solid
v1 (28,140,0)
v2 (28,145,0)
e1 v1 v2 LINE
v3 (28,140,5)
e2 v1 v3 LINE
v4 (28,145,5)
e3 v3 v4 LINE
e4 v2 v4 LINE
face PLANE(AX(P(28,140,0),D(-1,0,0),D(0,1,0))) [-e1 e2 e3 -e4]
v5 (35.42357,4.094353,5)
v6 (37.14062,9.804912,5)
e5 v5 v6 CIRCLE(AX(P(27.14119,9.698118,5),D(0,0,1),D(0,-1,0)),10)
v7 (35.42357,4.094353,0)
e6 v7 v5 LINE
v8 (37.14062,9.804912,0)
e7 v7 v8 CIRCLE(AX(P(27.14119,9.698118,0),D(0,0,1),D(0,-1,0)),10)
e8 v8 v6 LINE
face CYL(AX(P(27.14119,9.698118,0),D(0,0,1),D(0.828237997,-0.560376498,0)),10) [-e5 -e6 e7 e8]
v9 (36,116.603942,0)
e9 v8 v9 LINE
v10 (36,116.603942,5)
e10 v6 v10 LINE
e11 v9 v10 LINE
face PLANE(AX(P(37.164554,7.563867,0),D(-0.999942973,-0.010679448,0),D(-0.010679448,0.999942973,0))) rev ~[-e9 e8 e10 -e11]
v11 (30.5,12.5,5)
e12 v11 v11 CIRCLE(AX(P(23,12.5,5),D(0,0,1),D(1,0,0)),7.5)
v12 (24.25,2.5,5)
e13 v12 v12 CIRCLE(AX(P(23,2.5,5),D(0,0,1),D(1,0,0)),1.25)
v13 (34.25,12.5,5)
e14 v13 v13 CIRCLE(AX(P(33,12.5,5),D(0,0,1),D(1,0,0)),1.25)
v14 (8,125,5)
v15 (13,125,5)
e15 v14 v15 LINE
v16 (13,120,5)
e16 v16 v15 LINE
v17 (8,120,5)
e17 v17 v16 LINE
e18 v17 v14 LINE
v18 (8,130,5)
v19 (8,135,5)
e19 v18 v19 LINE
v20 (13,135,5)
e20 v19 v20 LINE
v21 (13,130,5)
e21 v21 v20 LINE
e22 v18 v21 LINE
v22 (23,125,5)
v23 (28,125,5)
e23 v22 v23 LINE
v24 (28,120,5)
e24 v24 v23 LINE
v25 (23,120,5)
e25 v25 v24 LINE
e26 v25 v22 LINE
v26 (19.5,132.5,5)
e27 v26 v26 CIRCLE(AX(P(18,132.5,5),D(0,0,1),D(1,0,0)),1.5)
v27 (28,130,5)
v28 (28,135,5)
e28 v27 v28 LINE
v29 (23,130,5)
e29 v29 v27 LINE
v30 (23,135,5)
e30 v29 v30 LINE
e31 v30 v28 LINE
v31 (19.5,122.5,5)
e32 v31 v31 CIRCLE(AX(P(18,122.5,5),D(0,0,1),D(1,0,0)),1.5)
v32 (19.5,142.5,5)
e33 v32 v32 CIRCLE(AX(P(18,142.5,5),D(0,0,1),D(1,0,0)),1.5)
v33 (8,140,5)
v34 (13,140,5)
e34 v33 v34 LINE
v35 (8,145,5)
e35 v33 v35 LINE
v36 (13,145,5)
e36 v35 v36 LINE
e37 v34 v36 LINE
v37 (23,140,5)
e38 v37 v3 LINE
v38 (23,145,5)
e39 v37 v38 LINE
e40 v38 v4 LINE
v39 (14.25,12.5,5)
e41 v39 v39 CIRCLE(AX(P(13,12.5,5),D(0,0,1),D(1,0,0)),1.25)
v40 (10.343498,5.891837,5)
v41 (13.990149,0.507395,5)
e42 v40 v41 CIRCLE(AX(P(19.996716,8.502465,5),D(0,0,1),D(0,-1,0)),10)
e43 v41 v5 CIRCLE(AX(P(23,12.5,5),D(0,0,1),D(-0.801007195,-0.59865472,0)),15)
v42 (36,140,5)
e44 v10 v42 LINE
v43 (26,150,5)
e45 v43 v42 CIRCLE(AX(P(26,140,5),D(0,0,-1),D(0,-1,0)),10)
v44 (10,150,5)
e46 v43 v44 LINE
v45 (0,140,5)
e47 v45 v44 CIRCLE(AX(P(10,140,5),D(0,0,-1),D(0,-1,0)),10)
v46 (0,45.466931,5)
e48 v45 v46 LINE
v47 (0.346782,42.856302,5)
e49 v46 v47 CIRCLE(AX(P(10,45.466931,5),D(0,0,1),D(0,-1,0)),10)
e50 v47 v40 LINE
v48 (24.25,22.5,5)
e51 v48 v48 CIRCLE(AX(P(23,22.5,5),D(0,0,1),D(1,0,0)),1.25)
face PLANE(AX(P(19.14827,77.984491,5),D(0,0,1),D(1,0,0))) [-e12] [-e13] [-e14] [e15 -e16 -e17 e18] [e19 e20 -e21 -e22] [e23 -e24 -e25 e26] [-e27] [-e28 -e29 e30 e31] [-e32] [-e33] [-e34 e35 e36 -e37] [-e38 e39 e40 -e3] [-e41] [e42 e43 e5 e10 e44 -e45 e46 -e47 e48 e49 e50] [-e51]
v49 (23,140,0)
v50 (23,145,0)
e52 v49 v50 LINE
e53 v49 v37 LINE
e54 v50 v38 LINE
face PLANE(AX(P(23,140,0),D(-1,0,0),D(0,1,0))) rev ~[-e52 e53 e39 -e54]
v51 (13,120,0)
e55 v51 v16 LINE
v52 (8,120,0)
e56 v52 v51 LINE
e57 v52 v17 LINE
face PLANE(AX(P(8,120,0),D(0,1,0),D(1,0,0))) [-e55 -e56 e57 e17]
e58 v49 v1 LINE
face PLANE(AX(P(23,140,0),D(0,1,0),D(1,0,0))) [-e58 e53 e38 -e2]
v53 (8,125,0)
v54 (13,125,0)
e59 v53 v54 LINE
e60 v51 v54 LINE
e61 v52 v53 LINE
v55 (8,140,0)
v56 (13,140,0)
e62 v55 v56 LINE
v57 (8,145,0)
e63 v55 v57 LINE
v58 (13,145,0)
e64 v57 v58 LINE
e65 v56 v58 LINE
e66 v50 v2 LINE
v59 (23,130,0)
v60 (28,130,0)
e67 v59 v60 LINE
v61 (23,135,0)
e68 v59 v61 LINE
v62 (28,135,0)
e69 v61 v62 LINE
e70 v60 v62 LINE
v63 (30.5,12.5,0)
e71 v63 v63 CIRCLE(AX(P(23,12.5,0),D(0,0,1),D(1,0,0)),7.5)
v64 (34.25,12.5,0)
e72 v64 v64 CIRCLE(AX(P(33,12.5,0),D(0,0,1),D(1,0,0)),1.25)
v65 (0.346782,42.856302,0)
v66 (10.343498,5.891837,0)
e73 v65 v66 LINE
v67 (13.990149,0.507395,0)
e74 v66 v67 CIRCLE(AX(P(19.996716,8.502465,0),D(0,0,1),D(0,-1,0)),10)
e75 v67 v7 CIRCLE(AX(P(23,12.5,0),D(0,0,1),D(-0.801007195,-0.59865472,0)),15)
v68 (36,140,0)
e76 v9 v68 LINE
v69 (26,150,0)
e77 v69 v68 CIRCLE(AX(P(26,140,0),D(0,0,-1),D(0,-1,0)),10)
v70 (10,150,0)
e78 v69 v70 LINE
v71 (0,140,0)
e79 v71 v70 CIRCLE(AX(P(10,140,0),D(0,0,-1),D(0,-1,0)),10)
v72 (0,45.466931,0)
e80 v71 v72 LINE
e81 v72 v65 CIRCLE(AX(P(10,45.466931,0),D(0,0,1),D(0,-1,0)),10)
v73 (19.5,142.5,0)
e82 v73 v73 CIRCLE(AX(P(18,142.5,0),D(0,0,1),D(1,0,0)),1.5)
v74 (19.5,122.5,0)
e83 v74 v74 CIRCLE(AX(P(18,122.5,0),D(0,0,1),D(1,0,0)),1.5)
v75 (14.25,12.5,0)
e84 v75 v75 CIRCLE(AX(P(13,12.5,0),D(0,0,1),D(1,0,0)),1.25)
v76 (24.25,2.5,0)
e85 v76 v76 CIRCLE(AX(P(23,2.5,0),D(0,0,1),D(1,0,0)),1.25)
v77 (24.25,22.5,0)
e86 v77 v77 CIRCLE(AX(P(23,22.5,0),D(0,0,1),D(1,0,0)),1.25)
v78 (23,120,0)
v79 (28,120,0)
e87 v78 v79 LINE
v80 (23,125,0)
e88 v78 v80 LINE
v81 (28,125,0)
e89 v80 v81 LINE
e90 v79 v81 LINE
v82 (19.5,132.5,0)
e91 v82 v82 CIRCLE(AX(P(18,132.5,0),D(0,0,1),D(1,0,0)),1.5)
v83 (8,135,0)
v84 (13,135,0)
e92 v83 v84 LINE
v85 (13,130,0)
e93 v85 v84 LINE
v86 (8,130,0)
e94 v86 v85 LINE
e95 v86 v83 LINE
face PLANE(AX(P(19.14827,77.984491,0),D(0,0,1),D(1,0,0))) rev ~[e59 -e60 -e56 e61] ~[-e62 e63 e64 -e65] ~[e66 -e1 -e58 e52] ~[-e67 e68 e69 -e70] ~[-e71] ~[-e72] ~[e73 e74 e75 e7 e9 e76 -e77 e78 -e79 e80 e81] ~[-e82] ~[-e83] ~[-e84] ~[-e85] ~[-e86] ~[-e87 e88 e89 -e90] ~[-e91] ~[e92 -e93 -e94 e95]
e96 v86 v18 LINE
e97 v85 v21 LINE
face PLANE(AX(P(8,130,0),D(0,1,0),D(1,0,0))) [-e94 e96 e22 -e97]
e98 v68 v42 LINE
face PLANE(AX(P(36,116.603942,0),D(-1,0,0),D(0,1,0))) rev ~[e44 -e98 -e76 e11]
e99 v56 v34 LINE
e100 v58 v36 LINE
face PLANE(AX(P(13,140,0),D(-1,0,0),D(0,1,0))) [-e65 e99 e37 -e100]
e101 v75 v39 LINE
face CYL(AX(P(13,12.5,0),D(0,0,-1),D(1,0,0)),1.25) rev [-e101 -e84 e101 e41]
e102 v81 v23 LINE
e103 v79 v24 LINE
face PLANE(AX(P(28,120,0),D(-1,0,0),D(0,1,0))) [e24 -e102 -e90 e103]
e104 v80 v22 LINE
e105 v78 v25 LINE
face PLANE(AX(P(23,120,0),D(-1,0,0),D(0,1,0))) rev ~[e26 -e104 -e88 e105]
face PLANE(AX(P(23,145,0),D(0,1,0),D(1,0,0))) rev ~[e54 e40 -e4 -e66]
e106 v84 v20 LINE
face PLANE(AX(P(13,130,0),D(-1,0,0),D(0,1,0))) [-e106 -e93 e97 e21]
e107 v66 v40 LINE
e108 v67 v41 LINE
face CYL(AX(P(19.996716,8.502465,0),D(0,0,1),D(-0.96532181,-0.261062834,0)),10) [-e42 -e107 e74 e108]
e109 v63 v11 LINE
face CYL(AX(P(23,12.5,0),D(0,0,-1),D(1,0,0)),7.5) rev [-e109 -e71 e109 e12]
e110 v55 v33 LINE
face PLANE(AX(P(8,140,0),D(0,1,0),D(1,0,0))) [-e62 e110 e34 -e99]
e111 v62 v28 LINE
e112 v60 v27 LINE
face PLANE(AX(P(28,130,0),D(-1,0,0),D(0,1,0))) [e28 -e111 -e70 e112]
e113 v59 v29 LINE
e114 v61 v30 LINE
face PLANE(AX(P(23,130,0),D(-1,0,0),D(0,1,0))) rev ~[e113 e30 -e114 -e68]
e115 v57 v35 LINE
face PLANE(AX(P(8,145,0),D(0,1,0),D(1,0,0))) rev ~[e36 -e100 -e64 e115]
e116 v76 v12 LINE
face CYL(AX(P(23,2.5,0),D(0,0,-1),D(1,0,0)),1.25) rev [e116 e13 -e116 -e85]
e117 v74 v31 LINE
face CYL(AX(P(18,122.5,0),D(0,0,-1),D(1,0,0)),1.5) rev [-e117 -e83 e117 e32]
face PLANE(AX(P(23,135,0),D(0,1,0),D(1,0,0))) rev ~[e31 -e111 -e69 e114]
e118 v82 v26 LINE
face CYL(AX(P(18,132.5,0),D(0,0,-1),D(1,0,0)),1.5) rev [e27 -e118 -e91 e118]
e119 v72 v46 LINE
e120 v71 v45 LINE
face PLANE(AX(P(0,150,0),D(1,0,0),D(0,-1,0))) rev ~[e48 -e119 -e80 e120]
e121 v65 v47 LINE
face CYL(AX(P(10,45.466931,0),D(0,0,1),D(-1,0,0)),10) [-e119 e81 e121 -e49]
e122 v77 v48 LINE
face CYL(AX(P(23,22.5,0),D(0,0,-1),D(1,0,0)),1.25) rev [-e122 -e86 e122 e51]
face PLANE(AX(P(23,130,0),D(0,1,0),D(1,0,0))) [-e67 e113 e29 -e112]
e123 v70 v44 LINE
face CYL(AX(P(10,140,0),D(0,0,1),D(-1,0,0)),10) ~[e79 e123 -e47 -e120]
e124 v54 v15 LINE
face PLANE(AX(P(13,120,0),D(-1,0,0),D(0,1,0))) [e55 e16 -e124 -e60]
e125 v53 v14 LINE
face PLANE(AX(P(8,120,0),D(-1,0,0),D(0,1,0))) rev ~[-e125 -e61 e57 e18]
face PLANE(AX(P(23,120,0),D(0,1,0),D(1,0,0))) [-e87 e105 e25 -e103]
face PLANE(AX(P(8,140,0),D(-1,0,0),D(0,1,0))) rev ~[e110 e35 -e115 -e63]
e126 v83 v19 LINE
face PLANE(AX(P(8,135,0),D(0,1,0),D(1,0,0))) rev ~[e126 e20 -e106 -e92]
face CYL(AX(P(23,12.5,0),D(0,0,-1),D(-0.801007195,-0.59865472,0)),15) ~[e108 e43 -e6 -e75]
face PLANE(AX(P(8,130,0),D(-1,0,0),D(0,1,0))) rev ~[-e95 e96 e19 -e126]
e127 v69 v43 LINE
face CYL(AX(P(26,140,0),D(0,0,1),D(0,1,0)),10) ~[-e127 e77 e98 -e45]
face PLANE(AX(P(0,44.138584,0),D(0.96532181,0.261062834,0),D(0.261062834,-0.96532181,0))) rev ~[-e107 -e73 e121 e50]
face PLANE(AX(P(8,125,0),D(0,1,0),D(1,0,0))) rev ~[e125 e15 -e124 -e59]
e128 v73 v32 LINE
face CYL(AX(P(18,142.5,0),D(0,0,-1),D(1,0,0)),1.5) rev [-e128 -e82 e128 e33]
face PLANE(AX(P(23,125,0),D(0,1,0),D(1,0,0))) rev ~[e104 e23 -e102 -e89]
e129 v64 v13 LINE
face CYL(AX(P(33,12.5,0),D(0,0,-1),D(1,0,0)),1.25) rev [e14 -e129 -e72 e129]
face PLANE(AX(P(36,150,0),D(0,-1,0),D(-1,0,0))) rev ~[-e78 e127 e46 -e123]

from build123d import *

# Parameters (mm, degrees)
SKETCH1_R           = 7.5
SKETCH1_R_2         = 1.25
SKETCH1_R_3         = 1.5
SKETCH1_W           = 5
SKETCH1_H           = 5
BOSS_EXTRUDE1_DEPTH = 5
FILLET1_R           = 10
FILLET2_R           = 10


with BuildPart() as part:
    # Sketch1 → Boss-Extrude1 (new body)
    with BuildSketch(Plane.XY):
        with BuildLine():
            Line((0, 44.138584039), (10.984892076, 3.520179201))
            ThreePointArc((10.984892076, 3.520179201), (25.289734382, -2.324207111), (37.164554201, 7.563867476))
            Line((37.164554201, 7.563867476), (36, 116.603941586))
            Line((36, 116.603941586), (36, 150))
            Line((36, 150), (0, 150))
            Line((0, 150), (0, 44.138584039))
        make_face()
        with Locations((23, 12.5)):
            Circle(SKETCH1_R, mode=Mode.SUBTRACT)
        with Locations((23, 22.5)):
            Circle(SKETCH1_R_2, mode=Mode.SUBTRACT)
        with Locations((13, 12.5)):
            Circle(SKETCH1_R_2, mode=Mode.SUBTRACT)
        with Locations((23, 2.5)):
            Circle(SKETCH1_R_2, mode=Mode.SUBTRACT)
        with Locations((33, 12.5)):
            Circle(SKETCH1_R_2, mode=Mode.SUBTRACT)
        with Locations((18, 142.5)):
            Circle(SKETCH1_R_3, mode=Mode.SUBTRACT)
        with Locations((18, 122.5)):
            Circle(SKETCH1_R_3, mode=Mode.SUBTRACT)
        with Locations((18, 132.5)):
            Circle(SKETCH1_R_3, mode=Mode.SUBTRACT)
        with Locations((10.5, 142.5)):
            Rectangle(SKETCH1_W, SKETCH1_H, mode=Mode.SUBTRACT)
        with Locations((25.5, 142.5)):
            Rectangle(SKETCH1_W, SKETCH1_H, mode=Mode.SUBTRACT)
        with Locations((10.5, 122.5)):
            Rectangle(SKETCH1_W, SKETCH1_H, mode=Mode.SUBTRACT)
        with Locations((25.5, 122.5)):
            Rectangle(SKETCH1_W, SKETCH1_H, mode=Mode.SUBTRACT)
        with Locations((10.5, 132.5)):
            Rectangle(SKETCH1_W, SKETCH1_H, mode=Mode.SUBTRACT)
        with Locations((25.5, 132.5)):
            Rectangle(SKETCH1_W, SKETCH1_H, mode=Mode.SUBTRACT)
    extrude(amount=BOSS_EXTRUDE1_DEPTH)

    # Fillet1
    fillet1_edges = [part.edges().sort_by_distance(p)[0] for p in [
        (0, 150, 2.5),
        (36, 150, 2.5),
    ]]
    fillet(fillet1_edges, radius=FILLET1_R)

    # Fillet2
    fillet2_edges = [part.edges().sort_by_distance(p)[0] for p in [
        (10.984892076, 3.520179201, 2.5),
        (0, 44.138584039, 2.5),
        (36, 116.603941586, 2.5),
        (37.164554201, 7.563867476, 2.5),
    ]]
    fillet(fillet2_edges, radius=FILLET2_R)


solid = part.part
